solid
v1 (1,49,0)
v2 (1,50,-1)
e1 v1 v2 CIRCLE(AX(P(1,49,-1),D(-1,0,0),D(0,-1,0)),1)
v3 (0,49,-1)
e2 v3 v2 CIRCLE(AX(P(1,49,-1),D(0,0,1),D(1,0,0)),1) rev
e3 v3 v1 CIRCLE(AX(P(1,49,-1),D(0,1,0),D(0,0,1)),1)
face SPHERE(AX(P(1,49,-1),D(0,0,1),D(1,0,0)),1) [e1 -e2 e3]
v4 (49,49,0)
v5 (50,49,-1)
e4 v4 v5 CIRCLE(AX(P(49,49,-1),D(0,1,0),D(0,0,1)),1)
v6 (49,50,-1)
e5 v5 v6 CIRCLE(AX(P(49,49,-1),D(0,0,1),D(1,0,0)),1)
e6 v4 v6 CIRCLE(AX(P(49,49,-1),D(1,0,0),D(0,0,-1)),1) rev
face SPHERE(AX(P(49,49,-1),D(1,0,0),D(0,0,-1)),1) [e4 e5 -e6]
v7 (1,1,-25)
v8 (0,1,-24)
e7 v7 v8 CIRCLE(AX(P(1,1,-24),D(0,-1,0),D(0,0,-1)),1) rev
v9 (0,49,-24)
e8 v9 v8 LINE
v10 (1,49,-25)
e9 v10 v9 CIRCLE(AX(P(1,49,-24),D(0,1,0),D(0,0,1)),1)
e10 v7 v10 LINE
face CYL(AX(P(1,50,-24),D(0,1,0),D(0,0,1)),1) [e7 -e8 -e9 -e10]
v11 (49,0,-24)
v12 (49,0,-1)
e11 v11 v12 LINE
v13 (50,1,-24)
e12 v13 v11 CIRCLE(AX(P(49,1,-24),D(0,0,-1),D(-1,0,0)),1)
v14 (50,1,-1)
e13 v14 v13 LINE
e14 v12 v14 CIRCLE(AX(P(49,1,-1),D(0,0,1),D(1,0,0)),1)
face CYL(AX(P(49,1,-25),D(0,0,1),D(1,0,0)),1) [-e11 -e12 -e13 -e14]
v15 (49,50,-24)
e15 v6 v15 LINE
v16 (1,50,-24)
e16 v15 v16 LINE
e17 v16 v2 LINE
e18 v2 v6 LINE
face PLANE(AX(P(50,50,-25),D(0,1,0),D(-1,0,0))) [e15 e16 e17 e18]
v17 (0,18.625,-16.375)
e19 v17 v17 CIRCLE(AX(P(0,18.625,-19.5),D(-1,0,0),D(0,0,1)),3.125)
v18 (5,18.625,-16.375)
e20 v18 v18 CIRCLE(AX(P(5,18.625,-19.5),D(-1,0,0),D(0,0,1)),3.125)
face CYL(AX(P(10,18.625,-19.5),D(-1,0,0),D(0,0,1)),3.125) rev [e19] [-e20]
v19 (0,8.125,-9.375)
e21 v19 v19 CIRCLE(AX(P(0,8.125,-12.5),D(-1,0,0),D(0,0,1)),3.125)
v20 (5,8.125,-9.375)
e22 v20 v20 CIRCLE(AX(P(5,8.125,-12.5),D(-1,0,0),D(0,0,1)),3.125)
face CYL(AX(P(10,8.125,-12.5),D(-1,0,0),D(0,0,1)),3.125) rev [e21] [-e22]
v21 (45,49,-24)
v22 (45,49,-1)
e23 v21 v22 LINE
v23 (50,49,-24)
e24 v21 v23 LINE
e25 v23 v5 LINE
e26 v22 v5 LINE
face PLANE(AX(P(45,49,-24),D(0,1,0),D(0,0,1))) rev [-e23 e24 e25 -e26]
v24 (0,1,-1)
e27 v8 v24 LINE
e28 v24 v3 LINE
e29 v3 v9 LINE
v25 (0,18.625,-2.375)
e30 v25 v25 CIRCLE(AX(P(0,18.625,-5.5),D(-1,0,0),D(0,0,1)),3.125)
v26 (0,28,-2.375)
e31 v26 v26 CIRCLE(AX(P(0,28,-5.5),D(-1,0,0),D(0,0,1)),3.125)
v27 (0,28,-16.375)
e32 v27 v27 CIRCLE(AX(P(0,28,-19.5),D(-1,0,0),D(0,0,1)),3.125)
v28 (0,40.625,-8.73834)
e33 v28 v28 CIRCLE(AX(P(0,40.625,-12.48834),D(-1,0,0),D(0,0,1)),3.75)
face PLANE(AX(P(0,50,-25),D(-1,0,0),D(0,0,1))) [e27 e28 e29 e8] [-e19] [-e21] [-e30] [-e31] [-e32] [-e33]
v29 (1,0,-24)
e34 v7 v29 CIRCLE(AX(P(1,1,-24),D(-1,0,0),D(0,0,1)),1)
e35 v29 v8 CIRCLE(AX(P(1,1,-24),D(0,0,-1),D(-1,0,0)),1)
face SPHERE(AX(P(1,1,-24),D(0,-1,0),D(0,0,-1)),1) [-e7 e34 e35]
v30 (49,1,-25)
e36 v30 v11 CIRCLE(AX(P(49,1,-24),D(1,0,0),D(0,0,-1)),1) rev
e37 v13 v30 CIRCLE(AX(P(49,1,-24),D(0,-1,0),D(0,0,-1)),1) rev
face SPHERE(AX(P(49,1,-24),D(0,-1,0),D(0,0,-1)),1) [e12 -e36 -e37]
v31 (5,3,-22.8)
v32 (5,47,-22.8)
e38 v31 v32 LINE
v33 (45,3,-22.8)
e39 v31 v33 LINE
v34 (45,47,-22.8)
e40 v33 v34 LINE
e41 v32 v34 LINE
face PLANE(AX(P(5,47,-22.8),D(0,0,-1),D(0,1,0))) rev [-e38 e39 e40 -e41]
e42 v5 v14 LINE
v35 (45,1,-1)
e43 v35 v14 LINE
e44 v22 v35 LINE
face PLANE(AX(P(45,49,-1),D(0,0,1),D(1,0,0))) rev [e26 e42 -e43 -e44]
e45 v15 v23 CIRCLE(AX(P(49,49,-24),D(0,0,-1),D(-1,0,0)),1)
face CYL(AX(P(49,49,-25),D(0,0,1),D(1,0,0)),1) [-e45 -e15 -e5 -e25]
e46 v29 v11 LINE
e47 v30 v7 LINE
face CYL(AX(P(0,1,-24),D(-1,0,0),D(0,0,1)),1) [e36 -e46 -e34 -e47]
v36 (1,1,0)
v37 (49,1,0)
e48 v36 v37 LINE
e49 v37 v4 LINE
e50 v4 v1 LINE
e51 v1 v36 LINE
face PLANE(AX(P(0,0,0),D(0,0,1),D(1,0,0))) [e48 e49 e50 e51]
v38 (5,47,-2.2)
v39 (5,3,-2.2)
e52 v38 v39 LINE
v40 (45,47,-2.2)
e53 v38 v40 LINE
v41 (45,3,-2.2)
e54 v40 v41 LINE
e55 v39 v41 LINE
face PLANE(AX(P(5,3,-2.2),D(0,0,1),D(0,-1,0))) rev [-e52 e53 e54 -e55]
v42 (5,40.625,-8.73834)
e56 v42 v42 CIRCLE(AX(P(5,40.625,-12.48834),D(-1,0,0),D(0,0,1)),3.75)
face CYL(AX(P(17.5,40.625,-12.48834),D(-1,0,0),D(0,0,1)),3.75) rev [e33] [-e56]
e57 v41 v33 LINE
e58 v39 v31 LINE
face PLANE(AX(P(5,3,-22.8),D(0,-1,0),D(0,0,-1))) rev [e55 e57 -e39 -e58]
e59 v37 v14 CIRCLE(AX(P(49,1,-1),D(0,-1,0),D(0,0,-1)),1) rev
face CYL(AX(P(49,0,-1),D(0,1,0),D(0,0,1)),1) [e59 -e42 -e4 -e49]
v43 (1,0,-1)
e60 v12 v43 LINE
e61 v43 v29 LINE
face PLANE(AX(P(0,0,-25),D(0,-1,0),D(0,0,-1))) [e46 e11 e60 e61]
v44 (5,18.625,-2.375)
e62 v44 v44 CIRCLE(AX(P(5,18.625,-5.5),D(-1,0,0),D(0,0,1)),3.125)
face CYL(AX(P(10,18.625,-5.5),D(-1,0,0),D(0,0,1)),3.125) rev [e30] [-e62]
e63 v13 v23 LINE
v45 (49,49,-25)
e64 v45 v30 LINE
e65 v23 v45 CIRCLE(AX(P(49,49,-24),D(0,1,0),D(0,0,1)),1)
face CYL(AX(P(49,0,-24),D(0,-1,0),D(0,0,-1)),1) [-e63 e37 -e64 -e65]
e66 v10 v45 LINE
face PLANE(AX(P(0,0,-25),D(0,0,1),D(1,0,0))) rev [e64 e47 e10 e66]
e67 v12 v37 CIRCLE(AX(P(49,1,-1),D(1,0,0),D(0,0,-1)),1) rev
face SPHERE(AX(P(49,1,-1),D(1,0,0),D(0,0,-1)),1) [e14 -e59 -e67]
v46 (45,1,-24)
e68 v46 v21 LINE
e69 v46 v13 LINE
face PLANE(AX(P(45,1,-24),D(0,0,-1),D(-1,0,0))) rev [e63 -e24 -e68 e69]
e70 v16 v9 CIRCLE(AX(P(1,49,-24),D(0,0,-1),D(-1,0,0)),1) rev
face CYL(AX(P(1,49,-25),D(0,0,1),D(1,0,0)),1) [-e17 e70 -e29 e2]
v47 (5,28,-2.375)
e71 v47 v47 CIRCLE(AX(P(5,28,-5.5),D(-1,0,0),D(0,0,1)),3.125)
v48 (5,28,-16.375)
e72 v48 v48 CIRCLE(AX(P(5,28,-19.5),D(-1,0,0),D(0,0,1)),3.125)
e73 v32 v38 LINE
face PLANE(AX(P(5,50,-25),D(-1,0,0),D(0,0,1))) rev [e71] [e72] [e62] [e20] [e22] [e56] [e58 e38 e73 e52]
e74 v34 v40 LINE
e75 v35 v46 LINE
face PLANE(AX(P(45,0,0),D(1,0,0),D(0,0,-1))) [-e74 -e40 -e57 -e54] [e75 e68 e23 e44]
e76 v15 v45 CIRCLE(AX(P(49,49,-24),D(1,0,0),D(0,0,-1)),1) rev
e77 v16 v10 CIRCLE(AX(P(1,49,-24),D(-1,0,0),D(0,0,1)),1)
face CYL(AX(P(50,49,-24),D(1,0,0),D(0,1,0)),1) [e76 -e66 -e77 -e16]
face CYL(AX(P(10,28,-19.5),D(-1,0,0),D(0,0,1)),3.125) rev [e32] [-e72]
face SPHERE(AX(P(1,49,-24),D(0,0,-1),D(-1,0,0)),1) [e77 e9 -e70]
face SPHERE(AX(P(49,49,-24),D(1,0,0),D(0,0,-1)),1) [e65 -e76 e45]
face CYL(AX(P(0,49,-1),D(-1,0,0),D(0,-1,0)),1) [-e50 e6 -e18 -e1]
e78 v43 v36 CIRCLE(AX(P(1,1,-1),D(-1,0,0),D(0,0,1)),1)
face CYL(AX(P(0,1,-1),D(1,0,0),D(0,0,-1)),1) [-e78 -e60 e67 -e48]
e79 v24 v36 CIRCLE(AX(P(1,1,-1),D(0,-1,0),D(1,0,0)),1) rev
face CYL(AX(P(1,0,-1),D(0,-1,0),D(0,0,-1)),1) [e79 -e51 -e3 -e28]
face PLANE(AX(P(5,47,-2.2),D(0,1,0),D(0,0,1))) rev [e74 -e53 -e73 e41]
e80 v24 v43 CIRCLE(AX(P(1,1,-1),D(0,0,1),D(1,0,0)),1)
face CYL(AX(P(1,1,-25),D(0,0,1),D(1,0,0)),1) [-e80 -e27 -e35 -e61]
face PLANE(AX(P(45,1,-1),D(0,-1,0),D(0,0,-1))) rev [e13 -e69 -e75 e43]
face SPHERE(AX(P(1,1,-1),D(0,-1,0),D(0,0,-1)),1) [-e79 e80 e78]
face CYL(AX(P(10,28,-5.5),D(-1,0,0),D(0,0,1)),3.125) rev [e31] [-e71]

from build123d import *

# Parameters (mm, degrees)
SKETCH_1_W          = 50
SKETCH_1_H          = 50
EXTRUDE_1_DEPTH     = 25
SHELL_2_T           = 5
SKETCH_3_R          = 3.75
CUT_EXTRUDE_3_DEPTH = 17.5
FILLET_2_R          = 1
SKETCH_8_W          = 23
SKETCH_8_H          = 48
CUT_EXTRUDE_5_DEPTH = 5
SKETCH_2_R          = 3.125
CUT_EXTRUDE_6_DEPTH = 10
SKETCH_9_W          = 20.6
SKETCH_9_H          = 44
SKETCH_9_W_2        = 15
SKETCH_9_H_2        = 40
CUT_EXTRUDE_7_DEPTH = 40


with BuildPart() as part:
    # 草图1 → 凸台-拉伸1 (new body)
    with BuildSketch(Plane.XY):
        with Locations((25, 25)):
            Rectangle(SKETCH_1_W, SKETCH_1_H)
    extrude(amount=-EXTRUDE_1_DEPTH)

    # 抽壳2 (no face opened: a closed hollow body)
    add(offset(amount=-SHELL_2_T, mode=Mode.PRIVATE), mode=Mode.SUBTRACT)

    # 草图3 → 切除-拉伸3 (cut)
    with BuildSketch(Plane.ZY):
        with Locations((-12.488340482, 40.625)):
            Circle(SKETCH_3_R)
    extrude(amount=-CUT_EXTRUDE_3_DEPTH, mode=Mode.SUBTRACT)

    # 圆角2
    fillet_2_edges = [part.edges().sort_by_distance(p)[0] for p in [
        (50, 25, -25),
        (25, 50, -25),
        (0, 25, -25),
        (25, 50, 0),
        (50, 25, 0),
        (25, 0, 0),
        (0, 25, 0),
        (0, 50, -12.5),
        (50, 50, -12.5),
        (50, 0, -12.5),
        (0, 0, -12.5),
        (25, 0, -25),
    ]]
    fillet(fillet_2_edges, radius=FILLET_2_R)

    # 草图8 → 切除-拉伸5 (cut)
    with BuildSketch(Plane(origin=(50, 0, 0), x_dir=(0, 0, -1), z_dir=(1, 0, 0))):
        with Locations((12.5, 25)):
            Rectangle(SKETCH_8_W, SKETCH_8_H)
    extrude(amount=-CUT_EXTRUDE_5_DEPTH, mode=Mode.SUBTRACT)

    # 草图2 → 切除-拉伸6 (cut)
    with BuildSketch(Plane.ZY):
        with Locations((-19.5, 18.625)):
            Circle(SKETCH_2_R)
        with Locations((-19.5, 28)):
            Circle(SKETCH_2_R)
        with Locations((-5.5, 28)):
            Circle(SKETCH_2_R)
        with Locations((-5.5, 18.625)):
            Circle(SKETCH_2_R)
        with Locations((-12.5, 8.125)):
            Circle(SKETCH_2_R)
    extrude(amount=-CUT_EXTRUDE_6_DEPTH, mode=Mode.SUBTRACT)

    # 草图9 → 切除-拉伸7 (cut)
    with BuildSketch(Plane(origin=(45, 0, 0), x_dir=(0, 0, -1), z_dir=(1, 0, 0))):
        with Locations((12.5, 25)):
            Rectangle(SKETCH_9_W, SKETCH_9_H)
        with Locations((12.5, 25)):
            Rectangle(SKETCH_9_W_2, SKETCH_9_H_2, mode=Mode.SUBTRACT)
    extrude(amount=-CUT_EXTRUDE_7_DEPTH, mode=Mode.SUBTRACT)


solid = part.part
